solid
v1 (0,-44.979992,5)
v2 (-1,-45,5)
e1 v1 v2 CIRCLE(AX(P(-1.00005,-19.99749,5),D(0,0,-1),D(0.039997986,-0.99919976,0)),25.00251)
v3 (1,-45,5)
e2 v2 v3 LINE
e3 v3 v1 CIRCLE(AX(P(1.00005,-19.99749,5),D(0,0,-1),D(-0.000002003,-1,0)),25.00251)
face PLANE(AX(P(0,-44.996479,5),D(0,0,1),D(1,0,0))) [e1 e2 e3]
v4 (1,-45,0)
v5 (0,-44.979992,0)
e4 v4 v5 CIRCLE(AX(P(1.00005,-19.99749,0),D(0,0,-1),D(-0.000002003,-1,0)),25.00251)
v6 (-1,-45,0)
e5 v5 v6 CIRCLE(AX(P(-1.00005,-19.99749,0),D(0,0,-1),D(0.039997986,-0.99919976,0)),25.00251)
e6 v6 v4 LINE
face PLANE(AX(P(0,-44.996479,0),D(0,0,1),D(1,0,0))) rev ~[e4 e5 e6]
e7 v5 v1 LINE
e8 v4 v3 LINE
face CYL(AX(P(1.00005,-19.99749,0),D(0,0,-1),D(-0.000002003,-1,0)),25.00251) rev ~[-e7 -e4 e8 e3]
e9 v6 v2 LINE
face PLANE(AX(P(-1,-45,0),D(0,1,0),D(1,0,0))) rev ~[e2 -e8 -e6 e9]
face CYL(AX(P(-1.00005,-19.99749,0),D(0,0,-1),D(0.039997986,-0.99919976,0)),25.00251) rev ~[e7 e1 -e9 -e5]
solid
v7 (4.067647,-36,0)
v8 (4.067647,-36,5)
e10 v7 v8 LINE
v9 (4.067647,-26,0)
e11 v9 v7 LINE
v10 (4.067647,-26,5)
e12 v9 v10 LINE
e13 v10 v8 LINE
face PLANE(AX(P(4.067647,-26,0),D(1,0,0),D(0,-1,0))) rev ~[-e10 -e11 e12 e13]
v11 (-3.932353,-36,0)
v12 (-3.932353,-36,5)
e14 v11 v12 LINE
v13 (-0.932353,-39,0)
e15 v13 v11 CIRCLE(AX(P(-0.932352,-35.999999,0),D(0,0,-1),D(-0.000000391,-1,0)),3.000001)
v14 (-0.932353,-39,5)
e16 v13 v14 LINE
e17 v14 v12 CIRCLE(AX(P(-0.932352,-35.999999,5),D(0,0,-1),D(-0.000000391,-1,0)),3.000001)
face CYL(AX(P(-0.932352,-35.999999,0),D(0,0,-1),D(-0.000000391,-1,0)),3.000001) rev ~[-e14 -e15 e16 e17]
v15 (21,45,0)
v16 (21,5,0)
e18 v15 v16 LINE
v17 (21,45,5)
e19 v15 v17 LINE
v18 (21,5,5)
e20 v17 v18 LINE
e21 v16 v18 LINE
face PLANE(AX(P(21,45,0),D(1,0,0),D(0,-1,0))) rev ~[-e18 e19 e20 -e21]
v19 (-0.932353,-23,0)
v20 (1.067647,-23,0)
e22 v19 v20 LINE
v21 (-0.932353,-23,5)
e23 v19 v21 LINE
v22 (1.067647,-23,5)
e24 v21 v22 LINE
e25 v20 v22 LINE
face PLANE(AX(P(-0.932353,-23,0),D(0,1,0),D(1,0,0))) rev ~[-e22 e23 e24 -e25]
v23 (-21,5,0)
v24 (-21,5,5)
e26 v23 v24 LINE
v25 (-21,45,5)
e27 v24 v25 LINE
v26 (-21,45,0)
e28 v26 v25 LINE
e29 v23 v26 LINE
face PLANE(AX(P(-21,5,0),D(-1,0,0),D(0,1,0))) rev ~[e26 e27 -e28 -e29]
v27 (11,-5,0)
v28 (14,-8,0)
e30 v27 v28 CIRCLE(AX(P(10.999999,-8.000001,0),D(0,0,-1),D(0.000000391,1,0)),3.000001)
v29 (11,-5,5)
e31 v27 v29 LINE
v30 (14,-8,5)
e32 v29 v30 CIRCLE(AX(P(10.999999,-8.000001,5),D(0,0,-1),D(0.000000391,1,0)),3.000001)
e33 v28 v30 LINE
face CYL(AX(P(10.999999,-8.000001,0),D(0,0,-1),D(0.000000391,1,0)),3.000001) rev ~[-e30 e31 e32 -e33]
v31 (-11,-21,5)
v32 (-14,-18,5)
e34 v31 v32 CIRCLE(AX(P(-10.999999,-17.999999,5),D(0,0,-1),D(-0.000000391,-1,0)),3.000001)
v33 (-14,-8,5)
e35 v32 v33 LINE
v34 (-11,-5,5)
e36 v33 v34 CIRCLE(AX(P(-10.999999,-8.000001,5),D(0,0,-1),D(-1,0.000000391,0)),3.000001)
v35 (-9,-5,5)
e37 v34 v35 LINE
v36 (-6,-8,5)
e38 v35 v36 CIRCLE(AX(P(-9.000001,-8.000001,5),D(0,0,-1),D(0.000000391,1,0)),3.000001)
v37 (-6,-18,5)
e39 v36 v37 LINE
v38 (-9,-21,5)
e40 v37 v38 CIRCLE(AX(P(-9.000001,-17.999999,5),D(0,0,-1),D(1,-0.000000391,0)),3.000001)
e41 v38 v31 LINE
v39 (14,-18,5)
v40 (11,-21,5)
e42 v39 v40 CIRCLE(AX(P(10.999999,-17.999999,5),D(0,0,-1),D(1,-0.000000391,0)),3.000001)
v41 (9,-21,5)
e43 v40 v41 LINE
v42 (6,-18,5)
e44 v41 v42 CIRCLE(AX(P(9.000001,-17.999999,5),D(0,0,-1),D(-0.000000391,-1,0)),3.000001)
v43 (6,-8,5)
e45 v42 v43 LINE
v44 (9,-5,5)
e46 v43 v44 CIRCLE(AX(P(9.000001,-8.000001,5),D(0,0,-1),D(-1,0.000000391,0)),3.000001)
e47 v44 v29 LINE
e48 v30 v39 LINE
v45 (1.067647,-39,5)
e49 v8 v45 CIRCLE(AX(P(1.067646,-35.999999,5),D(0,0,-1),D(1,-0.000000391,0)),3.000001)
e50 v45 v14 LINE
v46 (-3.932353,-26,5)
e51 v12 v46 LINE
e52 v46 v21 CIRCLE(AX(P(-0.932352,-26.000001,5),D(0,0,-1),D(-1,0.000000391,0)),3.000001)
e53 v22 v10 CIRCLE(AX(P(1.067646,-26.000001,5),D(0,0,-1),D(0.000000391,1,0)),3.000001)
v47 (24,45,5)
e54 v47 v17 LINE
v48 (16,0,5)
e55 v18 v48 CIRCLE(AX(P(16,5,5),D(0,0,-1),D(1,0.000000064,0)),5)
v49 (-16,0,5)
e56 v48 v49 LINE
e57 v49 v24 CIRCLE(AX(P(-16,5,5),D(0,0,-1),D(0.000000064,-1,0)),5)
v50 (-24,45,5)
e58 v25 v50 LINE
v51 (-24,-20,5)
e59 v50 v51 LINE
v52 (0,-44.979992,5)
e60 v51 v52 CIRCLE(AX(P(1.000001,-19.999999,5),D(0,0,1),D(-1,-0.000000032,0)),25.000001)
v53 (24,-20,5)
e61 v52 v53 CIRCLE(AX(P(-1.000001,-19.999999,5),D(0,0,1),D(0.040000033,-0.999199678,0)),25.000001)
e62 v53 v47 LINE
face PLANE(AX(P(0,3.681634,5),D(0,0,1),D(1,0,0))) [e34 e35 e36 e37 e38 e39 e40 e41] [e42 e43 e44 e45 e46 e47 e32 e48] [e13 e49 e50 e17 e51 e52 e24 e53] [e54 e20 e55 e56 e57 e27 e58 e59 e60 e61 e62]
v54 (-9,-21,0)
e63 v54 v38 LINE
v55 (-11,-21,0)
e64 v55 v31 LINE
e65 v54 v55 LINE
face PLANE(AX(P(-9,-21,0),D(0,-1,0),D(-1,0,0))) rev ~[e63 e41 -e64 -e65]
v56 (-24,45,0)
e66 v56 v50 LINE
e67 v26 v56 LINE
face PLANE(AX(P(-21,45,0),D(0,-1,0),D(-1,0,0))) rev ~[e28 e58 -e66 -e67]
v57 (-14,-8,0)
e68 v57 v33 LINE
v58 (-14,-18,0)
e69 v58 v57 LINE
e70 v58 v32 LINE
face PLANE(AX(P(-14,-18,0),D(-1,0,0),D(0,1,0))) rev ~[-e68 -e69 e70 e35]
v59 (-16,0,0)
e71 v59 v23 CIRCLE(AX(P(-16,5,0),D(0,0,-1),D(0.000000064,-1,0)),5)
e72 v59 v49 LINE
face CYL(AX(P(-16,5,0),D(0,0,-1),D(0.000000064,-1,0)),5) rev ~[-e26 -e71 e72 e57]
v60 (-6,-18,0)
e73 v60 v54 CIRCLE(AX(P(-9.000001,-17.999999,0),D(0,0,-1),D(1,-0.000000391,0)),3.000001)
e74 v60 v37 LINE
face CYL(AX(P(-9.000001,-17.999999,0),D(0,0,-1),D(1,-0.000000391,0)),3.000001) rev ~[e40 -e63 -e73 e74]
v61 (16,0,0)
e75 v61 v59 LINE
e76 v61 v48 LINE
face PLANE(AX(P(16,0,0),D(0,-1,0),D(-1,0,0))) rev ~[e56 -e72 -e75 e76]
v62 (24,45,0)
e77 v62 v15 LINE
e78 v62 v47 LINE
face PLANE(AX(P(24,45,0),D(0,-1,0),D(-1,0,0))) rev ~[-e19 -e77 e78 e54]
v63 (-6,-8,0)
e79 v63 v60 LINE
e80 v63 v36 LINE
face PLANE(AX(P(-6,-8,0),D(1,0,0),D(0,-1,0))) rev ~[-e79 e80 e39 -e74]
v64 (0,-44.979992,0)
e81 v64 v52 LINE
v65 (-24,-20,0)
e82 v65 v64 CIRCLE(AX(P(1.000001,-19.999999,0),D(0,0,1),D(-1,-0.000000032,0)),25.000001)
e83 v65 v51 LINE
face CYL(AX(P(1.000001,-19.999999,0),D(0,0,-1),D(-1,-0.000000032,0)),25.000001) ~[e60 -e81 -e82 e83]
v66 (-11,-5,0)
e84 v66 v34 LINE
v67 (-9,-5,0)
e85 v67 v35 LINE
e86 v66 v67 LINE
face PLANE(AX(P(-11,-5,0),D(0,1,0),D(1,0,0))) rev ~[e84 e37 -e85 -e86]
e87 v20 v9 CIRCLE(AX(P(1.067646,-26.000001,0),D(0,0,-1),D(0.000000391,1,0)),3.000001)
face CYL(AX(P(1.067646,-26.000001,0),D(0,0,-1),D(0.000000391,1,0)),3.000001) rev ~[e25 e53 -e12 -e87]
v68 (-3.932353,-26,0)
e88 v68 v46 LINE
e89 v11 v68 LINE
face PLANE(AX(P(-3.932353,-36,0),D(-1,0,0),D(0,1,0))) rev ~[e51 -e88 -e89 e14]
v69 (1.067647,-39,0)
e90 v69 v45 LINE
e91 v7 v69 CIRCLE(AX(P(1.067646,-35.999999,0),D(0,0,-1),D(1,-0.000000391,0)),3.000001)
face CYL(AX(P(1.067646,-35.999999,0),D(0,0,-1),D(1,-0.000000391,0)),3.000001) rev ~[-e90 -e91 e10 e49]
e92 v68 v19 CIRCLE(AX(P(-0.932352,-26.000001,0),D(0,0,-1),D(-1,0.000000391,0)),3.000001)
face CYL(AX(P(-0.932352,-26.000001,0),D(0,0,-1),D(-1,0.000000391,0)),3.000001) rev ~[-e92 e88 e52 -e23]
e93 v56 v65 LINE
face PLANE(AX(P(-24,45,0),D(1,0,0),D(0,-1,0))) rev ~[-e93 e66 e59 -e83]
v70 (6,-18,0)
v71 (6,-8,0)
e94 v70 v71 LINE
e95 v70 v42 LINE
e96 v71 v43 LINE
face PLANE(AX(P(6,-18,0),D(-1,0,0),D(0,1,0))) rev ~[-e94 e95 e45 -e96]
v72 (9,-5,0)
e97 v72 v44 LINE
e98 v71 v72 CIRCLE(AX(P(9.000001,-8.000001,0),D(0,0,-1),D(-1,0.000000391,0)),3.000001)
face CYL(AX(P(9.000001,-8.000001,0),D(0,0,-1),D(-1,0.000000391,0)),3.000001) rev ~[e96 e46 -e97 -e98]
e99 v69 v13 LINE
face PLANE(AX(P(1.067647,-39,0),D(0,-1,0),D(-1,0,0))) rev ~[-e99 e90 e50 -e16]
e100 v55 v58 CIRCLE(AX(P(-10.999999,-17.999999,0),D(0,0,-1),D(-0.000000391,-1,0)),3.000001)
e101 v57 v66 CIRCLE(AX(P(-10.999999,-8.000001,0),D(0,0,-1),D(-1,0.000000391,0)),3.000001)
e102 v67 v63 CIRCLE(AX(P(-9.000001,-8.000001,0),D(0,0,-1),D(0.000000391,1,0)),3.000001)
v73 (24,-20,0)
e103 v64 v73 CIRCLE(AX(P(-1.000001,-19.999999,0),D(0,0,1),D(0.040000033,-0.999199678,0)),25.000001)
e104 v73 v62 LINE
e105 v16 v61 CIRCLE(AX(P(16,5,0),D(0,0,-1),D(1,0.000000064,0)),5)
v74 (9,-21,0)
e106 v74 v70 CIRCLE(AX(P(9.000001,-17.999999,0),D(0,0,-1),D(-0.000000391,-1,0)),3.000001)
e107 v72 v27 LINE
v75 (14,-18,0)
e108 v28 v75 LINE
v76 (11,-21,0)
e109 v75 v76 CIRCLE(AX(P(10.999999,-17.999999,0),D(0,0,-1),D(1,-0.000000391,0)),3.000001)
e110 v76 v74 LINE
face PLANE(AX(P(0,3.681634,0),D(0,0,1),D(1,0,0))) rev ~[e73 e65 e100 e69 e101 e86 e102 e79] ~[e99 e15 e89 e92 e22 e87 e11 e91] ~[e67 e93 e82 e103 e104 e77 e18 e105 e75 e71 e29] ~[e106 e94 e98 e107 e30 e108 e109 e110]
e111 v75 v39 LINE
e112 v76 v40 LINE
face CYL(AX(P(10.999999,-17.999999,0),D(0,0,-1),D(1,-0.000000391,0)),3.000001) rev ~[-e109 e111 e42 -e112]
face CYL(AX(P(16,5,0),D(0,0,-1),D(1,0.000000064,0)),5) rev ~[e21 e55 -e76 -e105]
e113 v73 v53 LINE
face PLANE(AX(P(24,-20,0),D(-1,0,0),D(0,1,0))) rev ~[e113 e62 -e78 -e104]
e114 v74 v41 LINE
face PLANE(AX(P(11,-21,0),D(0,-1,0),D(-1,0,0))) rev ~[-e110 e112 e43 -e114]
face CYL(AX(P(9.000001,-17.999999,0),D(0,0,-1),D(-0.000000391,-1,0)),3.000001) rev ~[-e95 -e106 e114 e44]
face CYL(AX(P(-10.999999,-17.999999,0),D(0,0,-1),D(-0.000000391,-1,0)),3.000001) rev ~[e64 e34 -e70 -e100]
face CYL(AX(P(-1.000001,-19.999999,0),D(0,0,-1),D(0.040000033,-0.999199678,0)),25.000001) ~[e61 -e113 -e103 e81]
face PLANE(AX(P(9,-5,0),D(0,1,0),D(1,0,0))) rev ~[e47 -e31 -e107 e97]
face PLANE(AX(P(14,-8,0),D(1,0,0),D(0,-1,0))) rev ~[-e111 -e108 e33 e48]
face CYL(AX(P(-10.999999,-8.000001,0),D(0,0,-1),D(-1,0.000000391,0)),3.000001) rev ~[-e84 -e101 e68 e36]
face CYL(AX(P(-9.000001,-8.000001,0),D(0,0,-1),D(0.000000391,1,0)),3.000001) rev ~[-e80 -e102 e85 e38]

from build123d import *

# Parameters (mm, degrees)
F1_DEPTH = 5


with BuildPart() as f1:
    # F0 (on Top) → F1 (new body)
    with BuildSketch(Plane.XY):
        with BuildLine():
            ThreePointArc((1, -45), (0.4999, -44.994997), (0, -44.979992))
            ThreePointArc((0, -44.979992), (-0.4999, -44.994997), (-1, -45))
            Line((-1, -45), (1, -45))
        make_face()
        with BuildLine():
            Line((-21, 45), (-24, 45))
            Line((-24, 45), (-24, -20))
            ThreePointArc((-24, -20), (-17.027756, -37.320508), (0, -44.979992))
            ThreePointArc((0, -44.979992), (17.027756, -37.320508), (24, -20))
            Line((24, -20), (24, 45))
            Line((24, 45), (21, 45))
            Line((21, 45), (21, 5))
            ThreePointArc((21, 5), (19.535534, 1.464466), (16, 0))
            Line((16, 0), (-16, 0))
            ThreePointArc((-16, 0), (-19.535534, 1.464466), (-21, 5))
            Line((-21, 5), (-21, 45))
        make_face()
        with BuildLine():
            ThreePointArc((-14, -8), (-13.12132, -5.87868), (-11, -5))
            Line((-11, -5), (-9, -5))
            ThreePointArc((-9, -5), (-6.87868, -5.87868), (-6, -8))
            Line((-6, -8), (-6, -18))
            ThreePointArc((-6, -18), (-6.87868, -20.12132), (-9, -21))
            Line((-9, -21), (-11, -21))
            ThreePointArc((-11, -21), (-13.12132, -20.12132), (-14, -18))
            Line((-14, -18), (-14, -8))
        make_face(mode=Mode.SUBTRACT)
        with BuildLine():
            ThreePointArc((-3.932353, -26), (-3.053673, -23.87868), (-0.932353, -23))
            Line((-0.932353, -23), (1.067647, -23))
            ThreePointArc((1.067647, -23), (3.188967, -23.87868), (4.067647, -26))
            Line((4.067647, -26), (4.067647, -36))
            ThreePointArc((4.067647, -36), (3.188967, -38.12132), (1.067647, -39))
            Line((1.067647, -39), (-0.932353, -39))
            ThreePointArc((-0.932353, -39), (-3.053673, -38.12132), (-3.932353, -36))
            Line((-3.932353, -36), (-3.932353, -26))
        make_face(mode=Mode.SUBTRACT)
        with BuildLine():
            Line((6, -18), (6, -8))
            ThreePointArc((6, -8), (6.87868, -5.87868), (9, -5))
            Line((9, -5), (11, -5))
            ThreePointArc((11, -5), (13.12132, -5.87868), (14, -8))
            Line((14, -8), (14, -18))
            ThreePointArc((14, -18), (13.12132, -20.12132), (11, -21))
            Line((11, -21), (9, -21))
            ThreePointArc((9, -21), (6.87868, -20.12132), (6, -18))
        make_face(mode=Mode.SUBTRACT)
    extrude(amount=F1_DEPTH)


solid = f1.part
